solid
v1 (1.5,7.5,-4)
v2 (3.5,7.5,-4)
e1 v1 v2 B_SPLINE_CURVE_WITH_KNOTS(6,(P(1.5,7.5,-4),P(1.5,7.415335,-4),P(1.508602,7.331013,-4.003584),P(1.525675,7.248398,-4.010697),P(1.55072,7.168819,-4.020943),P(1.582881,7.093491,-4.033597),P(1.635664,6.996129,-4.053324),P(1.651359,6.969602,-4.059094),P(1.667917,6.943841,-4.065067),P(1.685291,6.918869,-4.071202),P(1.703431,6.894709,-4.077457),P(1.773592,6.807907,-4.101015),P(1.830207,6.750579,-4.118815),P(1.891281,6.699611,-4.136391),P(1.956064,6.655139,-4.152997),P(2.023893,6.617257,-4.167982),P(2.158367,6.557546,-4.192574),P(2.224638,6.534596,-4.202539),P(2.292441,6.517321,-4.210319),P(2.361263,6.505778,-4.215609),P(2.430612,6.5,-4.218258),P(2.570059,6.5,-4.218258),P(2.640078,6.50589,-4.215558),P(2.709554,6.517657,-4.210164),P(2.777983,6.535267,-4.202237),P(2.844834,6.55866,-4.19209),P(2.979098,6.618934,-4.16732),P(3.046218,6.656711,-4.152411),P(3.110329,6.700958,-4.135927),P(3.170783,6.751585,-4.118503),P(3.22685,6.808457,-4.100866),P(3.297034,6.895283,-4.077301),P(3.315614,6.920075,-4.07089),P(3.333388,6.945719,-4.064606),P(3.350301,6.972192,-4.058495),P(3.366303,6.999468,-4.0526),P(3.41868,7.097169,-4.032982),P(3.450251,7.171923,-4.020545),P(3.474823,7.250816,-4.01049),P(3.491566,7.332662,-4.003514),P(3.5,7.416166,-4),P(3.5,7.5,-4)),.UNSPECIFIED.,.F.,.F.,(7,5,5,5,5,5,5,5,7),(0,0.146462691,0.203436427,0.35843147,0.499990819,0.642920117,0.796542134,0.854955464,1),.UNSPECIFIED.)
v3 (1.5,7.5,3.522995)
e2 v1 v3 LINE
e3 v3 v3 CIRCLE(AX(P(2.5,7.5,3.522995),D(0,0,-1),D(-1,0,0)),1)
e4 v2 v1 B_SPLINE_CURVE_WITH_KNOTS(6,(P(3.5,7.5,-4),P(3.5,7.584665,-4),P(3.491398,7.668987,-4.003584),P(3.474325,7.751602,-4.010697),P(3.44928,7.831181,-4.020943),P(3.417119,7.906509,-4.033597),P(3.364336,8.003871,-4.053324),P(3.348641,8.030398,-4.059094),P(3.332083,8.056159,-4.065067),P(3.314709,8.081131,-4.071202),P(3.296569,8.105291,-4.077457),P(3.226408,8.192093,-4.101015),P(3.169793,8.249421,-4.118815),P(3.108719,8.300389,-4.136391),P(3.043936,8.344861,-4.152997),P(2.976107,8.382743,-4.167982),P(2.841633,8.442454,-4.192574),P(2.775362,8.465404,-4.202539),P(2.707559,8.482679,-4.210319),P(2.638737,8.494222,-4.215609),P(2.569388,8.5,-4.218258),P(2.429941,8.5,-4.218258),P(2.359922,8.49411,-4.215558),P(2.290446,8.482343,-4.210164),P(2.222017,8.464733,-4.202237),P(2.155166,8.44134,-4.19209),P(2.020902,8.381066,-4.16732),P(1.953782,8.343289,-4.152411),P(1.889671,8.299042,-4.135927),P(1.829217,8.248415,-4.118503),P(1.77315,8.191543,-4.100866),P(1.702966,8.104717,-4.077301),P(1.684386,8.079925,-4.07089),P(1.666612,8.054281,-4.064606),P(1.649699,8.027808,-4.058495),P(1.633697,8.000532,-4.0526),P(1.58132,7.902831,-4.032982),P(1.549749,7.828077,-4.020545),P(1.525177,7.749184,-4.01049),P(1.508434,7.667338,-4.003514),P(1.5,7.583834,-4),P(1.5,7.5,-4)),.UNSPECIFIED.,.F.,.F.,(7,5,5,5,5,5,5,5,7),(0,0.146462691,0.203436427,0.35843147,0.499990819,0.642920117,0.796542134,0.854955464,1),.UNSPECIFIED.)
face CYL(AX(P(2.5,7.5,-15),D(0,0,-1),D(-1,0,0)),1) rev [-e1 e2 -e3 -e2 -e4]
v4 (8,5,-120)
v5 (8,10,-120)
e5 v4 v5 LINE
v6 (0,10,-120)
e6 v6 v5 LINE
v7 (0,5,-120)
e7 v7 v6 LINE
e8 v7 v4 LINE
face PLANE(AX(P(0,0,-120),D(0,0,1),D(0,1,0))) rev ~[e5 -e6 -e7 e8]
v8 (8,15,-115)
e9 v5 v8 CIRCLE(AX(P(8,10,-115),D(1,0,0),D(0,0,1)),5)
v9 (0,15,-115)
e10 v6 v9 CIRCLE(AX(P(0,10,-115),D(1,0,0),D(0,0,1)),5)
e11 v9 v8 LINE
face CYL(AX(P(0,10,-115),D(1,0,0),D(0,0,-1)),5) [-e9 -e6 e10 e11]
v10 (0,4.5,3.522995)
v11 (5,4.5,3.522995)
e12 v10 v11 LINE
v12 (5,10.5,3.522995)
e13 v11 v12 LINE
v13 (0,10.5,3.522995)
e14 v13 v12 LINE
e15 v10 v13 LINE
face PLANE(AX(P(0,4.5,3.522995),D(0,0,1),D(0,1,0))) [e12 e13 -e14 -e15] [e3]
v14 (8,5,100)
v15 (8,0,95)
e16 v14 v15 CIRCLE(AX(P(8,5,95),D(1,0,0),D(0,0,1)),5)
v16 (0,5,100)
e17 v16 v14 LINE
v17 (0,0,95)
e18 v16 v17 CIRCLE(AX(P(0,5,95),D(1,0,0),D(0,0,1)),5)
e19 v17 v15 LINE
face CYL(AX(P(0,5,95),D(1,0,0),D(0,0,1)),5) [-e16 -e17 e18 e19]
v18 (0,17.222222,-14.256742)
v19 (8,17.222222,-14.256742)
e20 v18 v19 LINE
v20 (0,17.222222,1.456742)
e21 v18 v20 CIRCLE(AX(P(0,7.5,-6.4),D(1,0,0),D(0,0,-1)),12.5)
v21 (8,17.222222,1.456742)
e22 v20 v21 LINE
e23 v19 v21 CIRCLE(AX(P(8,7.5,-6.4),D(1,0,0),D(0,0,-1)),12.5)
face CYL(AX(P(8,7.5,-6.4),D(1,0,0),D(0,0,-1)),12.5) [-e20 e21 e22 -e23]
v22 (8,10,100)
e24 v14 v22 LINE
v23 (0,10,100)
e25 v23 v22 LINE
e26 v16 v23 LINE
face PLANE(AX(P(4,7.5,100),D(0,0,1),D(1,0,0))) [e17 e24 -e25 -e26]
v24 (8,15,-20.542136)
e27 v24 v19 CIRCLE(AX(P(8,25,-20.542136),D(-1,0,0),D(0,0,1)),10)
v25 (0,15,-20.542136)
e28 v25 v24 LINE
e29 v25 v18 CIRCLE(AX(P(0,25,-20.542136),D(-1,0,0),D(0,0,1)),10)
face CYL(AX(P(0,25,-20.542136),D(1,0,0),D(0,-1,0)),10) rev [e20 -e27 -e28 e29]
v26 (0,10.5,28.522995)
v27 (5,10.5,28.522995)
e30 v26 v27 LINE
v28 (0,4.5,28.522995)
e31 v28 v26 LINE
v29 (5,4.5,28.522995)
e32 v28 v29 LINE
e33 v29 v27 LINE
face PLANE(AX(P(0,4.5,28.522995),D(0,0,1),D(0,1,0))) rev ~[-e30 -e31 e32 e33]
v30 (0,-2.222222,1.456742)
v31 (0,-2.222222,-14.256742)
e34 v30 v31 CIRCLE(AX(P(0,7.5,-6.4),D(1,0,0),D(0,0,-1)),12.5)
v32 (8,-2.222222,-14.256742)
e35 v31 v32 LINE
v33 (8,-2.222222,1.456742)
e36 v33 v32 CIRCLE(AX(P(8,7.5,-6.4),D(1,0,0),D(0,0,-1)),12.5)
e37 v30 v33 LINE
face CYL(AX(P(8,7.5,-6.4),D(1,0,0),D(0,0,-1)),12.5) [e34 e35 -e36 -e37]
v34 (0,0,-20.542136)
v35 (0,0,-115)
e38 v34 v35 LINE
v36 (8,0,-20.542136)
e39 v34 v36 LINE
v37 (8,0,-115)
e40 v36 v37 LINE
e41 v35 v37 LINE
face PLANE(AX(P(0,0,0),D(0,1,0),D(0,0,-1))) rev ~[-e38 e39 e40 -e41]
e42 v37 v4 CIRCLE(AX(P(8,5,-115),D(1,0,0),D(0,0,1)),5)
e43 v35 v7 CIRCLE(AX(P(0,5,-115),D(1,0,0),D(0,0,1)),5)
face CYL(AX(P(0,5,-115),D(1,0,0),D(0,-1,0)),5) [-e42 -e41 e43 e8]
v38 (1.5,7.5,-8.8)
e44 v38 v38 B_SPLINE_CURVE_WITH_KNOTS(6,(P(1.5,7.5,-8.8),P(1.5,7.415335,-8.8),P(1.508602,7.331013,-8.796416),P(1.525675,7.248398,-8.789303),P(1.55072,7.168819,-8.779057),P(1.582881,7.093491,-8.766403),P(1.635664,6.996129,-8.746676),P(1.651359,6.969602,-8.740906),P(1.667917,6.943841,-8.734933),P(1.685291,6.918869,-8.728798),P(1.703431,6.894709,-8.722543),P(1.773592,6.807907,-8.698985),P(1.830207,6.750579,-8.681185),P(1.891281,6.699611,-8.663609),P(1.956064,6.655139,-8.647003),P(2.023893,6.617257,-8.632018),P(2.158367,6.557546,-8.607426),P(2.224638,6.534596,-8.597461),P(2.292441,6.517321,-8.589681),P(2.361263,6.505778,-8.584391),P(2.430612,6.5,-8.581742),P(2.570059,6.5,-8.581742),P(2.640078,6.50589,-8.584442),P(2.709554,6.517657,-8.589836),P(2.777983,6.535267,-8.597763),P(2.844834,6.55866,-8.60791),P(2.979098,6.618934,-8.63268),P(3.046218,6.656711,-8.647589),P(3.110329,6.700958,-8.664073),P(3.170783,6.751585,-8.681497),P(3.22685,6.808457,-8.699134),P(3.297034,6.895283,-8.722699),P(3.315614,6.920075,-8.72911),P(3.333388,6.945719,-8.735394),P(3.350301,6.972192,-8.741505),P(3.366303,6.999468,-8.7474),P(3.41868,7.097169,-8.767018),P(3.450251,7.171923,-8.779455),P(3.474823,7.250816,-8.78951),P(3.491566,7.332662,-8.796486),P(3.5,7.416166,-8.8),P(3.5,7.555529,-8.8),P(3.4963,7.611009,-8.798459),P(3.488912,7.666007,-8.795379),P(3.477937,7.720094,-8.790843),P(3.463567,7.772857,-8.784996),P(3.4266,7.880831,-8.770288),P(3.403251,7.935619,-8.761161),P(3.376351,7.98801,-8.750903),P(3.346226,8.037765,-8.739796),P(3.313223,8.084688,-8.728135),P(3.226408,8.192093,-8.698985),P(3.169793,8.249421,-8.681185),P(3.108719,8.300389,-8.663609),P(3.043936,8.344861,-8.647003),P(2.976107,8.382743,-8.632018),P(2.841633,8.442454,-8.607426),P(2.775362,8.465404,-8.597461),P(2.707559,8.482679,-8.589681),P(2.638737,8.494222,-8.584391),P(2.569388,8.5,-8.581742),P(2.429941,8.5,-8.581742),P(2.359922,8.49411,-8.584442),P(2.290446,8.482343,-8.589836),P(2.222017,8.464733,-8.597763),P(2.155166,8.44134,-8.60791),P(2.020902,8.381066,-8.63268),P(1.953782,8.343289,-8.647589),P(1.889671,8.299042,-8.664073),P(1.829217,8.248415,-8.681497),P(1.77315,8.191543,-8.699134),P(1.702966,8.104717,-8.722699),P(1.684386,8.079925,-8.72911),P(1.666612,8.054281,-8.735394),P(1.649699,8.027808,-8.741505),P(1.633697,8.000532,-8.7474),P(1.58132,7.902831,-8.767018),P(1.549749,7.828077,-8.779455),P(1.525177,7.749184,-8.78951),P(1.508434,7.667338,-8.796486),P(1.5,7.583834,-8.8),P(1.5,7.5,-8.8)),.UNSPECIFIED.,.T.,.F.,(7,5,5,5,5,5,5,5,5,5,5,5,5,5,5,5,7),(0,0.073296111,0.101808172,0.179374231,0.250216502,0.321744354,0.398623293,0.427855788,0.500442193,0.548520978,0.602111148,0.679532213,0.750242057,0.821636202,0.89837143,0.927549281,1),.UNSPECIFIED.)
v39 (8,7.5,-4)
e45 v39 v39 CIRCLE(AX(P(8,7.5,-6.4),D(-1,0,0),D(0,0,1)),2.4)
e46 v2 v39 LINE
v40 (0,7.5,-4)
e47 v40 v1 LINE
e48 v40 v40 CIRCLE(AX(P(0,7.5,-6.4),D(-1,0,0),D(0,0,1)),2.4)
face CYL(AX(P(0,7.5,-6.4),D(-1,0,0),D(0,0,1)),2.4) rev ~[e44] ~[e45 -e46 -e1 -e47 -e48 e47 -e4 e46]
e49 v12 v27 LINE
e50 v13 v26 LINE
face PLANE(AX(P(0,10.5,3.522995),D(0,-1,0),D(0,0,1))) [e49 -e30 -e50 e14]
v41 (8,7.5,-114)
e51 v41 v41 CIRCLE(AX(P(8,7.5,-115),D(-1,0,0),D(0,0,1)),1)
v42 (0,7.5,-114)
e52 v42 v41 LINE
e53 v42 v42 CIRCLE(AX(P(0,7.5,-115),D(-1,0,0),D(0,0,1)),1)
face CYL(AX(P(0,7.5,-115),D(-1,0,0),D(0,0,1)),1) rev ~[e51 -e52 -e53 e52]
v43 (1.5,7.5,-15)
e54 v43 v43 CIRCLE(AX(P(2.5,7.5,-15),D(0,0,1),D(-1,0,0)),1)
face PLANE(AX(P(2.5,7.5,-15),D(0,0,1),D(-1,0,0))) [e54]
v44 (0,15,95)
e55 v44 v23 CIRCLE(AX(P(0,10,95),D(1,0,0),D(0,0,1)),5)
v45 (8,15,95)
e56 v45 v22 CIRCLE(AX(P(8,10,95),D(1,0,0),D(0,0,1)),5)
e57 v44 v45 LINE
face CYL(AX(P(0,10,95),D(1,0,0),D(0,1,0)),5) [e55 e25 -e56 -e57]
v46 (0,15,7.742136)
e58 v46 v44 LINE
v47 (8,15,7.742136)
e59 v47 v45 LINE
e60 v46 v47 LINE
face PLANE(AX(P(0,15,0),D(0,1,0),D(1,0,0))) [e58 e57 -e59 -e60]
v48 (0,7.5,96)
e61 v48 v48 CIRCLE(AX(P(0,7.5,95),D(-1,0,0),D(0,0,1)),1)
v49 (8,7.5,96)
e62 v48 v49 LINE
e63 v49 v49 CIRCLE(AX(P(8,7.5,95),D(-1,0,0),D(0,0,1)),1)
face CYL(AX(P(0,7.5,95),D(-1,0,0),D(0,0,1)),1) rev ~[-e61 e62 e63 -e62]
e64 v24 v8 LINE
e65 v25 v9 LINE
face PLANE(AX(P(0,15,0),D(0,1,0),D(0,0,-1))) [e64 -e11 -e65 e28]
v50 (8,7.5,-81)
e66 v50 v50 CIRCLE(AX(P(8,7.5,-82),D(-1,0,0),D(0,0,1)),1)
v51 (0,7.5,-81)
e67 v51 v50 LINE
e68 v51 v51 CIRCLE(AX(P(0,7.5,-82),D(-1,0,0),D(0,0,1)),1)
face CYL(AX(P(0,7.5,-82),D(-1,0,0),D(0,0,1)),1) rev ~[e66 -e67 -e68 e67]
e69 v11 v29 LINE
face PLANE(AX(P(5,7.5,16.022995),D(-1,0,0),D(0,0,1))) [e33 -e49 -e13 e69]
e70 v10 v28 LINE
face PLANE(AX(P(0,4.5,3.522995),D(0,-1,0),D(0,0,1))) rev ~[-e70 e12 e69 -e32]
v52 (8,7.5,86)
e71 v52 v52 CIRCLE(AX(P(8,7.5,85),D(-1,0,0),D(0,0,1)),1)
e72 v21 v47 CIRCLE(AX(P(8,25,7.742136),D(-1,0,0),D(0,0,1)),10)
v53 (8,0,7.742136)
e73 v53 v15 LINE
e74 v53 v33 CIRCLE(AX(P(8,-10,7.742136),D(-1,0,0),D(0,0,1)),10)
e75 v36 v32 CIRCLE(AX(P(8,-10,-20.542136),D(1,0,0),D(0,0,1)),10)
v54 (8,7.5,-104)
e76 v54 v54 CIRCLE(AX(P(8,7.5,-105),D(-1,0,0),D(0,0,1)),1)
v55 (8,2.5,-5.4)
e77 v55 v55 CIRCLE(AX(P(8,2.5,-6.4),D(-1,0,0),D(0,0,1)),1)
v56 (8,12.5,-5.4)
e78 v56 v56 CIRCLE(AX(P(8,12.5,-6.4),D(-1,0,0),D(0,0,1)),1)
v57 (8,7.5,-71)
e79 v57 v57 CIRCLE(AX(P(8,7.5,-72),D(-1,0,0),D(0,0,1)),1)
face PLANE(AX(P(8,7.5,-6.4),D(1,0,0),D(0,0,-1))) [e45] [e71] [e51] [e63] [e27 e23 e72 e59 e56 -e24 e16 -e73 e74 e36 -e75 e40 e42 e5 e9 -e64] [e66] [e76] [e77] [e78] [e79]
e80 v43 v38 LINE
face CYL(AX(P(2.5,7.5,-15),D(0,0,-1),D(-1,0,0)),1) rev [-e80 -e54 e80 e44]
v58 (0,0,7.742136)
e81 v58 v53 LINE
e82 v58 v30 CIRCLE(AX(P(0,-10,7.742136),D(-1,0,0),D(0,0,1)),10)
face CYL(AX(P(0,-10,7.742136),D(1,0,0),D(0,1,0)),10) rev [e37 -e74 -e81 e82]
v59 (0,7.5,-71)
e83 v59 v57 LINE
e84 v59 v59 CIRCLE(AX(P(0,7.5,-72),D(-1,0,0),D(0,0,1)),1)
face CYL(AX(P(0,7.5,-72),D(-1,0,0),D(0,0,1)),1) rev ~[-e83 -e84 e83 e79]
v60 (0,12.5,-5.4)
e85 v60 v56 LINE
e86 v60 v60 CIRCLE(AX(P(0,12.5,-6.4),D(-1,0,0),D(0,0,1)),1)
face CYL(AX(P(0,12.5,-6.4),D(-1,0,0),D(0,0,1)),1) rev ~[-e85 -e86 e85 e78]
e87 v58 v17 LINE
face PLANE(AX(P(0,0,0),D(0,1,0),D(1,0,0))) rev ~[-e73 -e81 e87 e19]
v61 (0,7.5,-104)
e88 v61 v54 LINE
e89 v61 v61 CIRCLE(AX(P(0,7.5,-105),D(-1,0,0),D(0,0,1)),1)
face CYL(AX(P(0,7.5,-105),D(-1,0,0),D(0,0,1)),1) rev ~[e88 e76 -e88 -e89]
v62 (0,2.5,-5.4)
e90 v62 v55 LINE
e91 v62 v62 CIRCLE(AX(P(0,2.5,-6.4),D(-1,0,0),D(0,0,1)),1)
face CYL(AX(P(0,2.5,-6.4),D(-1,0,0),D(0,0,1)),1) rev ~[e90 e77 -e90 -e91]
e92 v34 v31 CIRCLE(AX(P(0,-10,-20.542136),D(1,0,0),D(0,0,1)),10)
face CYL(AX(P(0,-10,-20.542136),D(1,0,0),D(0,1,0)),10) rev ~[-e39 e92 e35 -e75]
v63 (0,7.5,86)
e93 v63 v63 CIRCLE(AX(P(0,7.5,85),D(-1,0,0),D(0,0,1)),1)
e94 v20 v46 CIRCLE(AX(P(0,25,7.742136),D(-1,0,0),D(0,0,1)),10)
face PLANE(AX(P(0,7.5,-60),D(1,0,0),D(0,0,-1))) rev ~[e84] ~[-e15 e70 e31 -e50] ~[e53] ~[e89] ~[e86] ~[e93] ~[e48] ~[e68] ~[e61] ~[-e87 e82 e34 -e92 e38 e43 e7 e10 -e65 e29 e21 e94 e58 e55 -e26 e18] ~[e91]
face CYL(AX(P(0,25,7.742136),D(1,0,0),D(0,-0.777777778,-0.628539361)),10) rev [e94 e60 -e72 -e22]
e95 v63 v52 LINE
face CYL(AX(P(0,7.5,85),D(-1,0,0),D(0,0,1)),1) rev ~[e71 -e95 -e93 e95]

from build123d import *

# Parameters (mm, degrees)
SKETCH_1_W               = 120
SKETCH_1_H               = 15
EXTRUDE_1_DEPTH          = 8
FILLET_1_R               = 5
SKETCH_6_R               = 12.5
EXTRUDE_2_DEPTH          = 8
SKETCH_7_R               = 1
CUT_EXTRUDE_4_DEPTH      = 23
SKETCH_8_R               = 2.4
CUT_EXTRUDE_5_DEPTH      = 23
SKETCH_9_W               = 8
SKETCH_9_H               = 15
EXTRUDE_3_DEPTH          = 100
SKETCH_10_W              = 25
SKETCH_10_H              = 6
CUT_EXTRUDE_6_DEPTH      = 5
CUT_EXTRUDE_7_DEPTH      = 7
CUT_EXTRUDE_7_DEPTH_BACK = 15
SKETCH_4_R               = 1
FILLET_2_R               = 10
FILLET_4_R               = 5
CUT_EXTRUDE_8_REACH      = 123.918
SKETCH_12_R              = 1


with BuildPart() as part:
    # 草图1 → 凸台-拉伸1 (new body)
    with BuildSketch(Plane(origin=(0, 0, 0), x_dir=(0, 0, -1), z_dir=(1, 0, 0))):
        with Locations((60, 7.5)):
            Rectangle(SKETCH_1_W, SKETCH_1_H)
    extrude(amount=EXTRUDE_1_DEPTH)

    # 圆角1
    fillet_1_edges = [part.edges().sort_by_distance(p)[0] for p in [
        (4, 15, 0),
        (4, 15, -120),
        (4, 0, -120),
        (4, 0, 0),
    ]]
    fillet(fillet_1_edges, radius=FILLET_1_R)

    # 草图6 → 凸台-拉伸2 (add)
    with BuildSketch(Plane(origin=(8, 0, 0), x_dir=(0, 0, -1), z_dir=(1, 0, 0))):
        with Locations((6.4, 7.5)):
            Circle(SKETCH_6_R)
    extrude(amount=-EXTRUDE_2_DEPTH)

    # 草图7 → 切除-拉伸4 (cut)
    with BuildSketch(Plane.ZY):
        with Locations((-6.4, 12.5)):
            Circle(SKETCH_7_R)
        with Locations((-6.4, 2.5)):
            Circle(SKETCH_7_R)
    extrude(amount=-CUT_EXTRUDE_4_DEPTH, mode=Mode.SUBTRACT)

    # 草图8 → 切除-拉伸5 (cut)
    with BuildSketch(Plane.ZY):
        with Locations((-6.4, 7.5)):
            Circle(SKETCH_8_R)
    extrude(amount=-CUT_EXTRUDE_5_DEPTH, mode=Mode.SUBTRACT)

    # 草图9 → 凸台-拉伸3 (add)
    with BuildSketch(Plane.XY):
        with Locations((4, 7.5)):
            Rectangle(SKETCH_9_W, SKETCH_9_H)
    extrude(amount=EXTRUDE_3_DEPTH)

    # 草图10 → 切除-拉伸6 (cut)
    with BuildSketch(Plane.ZY):
        with Locations((16.022995474, 7.5)):
            Rectangle(SKETCH_10_W, SKETCH_10_H)
    extrude(amount=-CUT_EXTRUDE_6_DEPTH, mode=Mode.SUBTRACT)

    # 草图4 → 切除-拉伸7 (cut, two sides: drawn at the far end of the back side and taken through both)
    with BuildSketch(Plane.XY.offset(-CUT_EXTRUDE_7_DEPTH_BACK)):
        with Locations(Location((2.5, 7.5, 0), (0, 0, 180.000000002))):
            Circle(SKETCH_4_R)
    extrude(amount=CUT_EXTRUDE_7_DEPTH + CUT_EXTRUDE_7_DEPTH_BACK, mode=Mode.SUBTRACT)

    # 圆角2
    fillet_2_edges = [part.edges().sort_by_distance(p)[0] for p in [
        (4, 0, -16.4),
        (4, 15, -16.4),
        (4, 15, 3.6),
        (4, 0, 3.6),
    ]]
    fillet(fillet_2_edges, radius=FILLET_2_R)

    # 圆角4
    fillet_4_edges = [part.edges().sort_by_distance(p)[0] for p in [
        (4, 0, 100),
        (4, 15, 100),
    ]]
    fillet(fillet_4_edges, radius=FILLET_4_R)

    # 草图12 → 切除-拉伸8 (cut, up to next)
    with BuildSketch(Plane.ZY, mode=Mode.PRIVATE) as cut_extrude_8_sk1:
        with Locations((-115, 7.5)):
            Circle(SKETCH_12_R)
    cut_extrude_8_tool1 = extrude(cut_extrude_8_sk1.sketch, amount=-CUT_EXTRUDE_8_REACH, mode=Mode.PRIVATE) & part.part
    # 草图12 → 切除-拉伸8 (cut, up to next)
    with BuildSketch(Plane.ZY, mode=Mode.PRIVATE) as cut_extrude_8_sk2:
        with Locations((-105, 7.5)):
            Circle(SKETCH_12_R)
    cut_extrude_8_tool2 = extrude(cut_extrude_8_sk2.sketch, amount=-CUT_EXTRUDE_8_REACH, mode=Mode.PRIVATE) & part.part
    # 草图12 → 切除-拉伸8 (cut, up to next)
    with BuildSketch(Plane.ZY, mode=Mode.PRIVATE) as cut_extrude_8_sk3:
        with Locations((-82, 7.5)):
            Circle(SKETCH_12_R)
    cut_extrude_8_tool3 = extrude(cut_extrude_8_sk3.sketch, amount=-CUT_EXTRUDE_8_REACH, mode=Mode.PRIVATE) & part.part
    # 草图12 → 切除-拉伸8 (cut, up to next)
    with BuildSketch(Plane.ZY, mode=Mode.PRIVATE) as cut_extrude_8_sk4:
        with Locations((-72, 7.5)):
            Circle(SKETCH_12_R)
    cut_extrude_8_tool4 = extrude(cut_extrude_8_sk4.sketch, amount=-CUT_EXTRUDE_8_REACH, mode=Mode.PRIVATE) & part.part
    # 草图12 → 切除-拉伸8 (cut, up to next)
    with BuildSketch(Plane.ZY, mode=Mode.PRIVATE) as cut_extrude_8_sk5:
        with Locations((95, 7.5)):
            Circle(SKETCH_12_R)
    cut_extrude_8_tool5 = extrude(cut_extrude_8_sk5.sketch, amount=-CUT_EXTRUDE_8_REACH, mode=Mode.PRIVATE) & part.part
    # 草图12 → 切除-拉伸8 (cut, up to next)
    with BuildSketch(Plane.ZY, mode=Mode.PRIVATE) as cut_extrude_8_sk6:
        with Locations((85, 7.5)):
            Circle(SKETCH_12_R)
    cut_extrude_8_tool6 = extrude(cut_extrude_8_sk6.sketch, amount=-CUT_EXTRUDE_8_REACH, mode=Mode.PRIVATE) & part.part
    add(cut_extrude_8_tool1.solids().sort_by_distance((0, 7.5, -115))[0], mode=Mode.SUBTRACT)
    add(cut_extrude_8_tool2.solids().sort_by_distance((0, 7.5, -105))[0], mode=Mode.SUBTRACT)
    add(cut_extrude_8_tool3.solids().sort_by_distance((0, 7.5, -82))[0], mode=Mode.SUBTRACT)
    add(cut_extrude_8_tool4.solids().sort_by_distance((0, 7.5, -72))[0], mode=Mode.SUBTRACT)
    add(cut_extrude_8_tool5.solids().sort_by_distance((0, 7.5, 95))[0], mode=Mode.SUBTRACT)
    add(cut_extrude_8_tool6.solids().sort_by_distance((0, 7.5, 85))[0], mode=Mode.SUBTRACT)


solid = part.part
